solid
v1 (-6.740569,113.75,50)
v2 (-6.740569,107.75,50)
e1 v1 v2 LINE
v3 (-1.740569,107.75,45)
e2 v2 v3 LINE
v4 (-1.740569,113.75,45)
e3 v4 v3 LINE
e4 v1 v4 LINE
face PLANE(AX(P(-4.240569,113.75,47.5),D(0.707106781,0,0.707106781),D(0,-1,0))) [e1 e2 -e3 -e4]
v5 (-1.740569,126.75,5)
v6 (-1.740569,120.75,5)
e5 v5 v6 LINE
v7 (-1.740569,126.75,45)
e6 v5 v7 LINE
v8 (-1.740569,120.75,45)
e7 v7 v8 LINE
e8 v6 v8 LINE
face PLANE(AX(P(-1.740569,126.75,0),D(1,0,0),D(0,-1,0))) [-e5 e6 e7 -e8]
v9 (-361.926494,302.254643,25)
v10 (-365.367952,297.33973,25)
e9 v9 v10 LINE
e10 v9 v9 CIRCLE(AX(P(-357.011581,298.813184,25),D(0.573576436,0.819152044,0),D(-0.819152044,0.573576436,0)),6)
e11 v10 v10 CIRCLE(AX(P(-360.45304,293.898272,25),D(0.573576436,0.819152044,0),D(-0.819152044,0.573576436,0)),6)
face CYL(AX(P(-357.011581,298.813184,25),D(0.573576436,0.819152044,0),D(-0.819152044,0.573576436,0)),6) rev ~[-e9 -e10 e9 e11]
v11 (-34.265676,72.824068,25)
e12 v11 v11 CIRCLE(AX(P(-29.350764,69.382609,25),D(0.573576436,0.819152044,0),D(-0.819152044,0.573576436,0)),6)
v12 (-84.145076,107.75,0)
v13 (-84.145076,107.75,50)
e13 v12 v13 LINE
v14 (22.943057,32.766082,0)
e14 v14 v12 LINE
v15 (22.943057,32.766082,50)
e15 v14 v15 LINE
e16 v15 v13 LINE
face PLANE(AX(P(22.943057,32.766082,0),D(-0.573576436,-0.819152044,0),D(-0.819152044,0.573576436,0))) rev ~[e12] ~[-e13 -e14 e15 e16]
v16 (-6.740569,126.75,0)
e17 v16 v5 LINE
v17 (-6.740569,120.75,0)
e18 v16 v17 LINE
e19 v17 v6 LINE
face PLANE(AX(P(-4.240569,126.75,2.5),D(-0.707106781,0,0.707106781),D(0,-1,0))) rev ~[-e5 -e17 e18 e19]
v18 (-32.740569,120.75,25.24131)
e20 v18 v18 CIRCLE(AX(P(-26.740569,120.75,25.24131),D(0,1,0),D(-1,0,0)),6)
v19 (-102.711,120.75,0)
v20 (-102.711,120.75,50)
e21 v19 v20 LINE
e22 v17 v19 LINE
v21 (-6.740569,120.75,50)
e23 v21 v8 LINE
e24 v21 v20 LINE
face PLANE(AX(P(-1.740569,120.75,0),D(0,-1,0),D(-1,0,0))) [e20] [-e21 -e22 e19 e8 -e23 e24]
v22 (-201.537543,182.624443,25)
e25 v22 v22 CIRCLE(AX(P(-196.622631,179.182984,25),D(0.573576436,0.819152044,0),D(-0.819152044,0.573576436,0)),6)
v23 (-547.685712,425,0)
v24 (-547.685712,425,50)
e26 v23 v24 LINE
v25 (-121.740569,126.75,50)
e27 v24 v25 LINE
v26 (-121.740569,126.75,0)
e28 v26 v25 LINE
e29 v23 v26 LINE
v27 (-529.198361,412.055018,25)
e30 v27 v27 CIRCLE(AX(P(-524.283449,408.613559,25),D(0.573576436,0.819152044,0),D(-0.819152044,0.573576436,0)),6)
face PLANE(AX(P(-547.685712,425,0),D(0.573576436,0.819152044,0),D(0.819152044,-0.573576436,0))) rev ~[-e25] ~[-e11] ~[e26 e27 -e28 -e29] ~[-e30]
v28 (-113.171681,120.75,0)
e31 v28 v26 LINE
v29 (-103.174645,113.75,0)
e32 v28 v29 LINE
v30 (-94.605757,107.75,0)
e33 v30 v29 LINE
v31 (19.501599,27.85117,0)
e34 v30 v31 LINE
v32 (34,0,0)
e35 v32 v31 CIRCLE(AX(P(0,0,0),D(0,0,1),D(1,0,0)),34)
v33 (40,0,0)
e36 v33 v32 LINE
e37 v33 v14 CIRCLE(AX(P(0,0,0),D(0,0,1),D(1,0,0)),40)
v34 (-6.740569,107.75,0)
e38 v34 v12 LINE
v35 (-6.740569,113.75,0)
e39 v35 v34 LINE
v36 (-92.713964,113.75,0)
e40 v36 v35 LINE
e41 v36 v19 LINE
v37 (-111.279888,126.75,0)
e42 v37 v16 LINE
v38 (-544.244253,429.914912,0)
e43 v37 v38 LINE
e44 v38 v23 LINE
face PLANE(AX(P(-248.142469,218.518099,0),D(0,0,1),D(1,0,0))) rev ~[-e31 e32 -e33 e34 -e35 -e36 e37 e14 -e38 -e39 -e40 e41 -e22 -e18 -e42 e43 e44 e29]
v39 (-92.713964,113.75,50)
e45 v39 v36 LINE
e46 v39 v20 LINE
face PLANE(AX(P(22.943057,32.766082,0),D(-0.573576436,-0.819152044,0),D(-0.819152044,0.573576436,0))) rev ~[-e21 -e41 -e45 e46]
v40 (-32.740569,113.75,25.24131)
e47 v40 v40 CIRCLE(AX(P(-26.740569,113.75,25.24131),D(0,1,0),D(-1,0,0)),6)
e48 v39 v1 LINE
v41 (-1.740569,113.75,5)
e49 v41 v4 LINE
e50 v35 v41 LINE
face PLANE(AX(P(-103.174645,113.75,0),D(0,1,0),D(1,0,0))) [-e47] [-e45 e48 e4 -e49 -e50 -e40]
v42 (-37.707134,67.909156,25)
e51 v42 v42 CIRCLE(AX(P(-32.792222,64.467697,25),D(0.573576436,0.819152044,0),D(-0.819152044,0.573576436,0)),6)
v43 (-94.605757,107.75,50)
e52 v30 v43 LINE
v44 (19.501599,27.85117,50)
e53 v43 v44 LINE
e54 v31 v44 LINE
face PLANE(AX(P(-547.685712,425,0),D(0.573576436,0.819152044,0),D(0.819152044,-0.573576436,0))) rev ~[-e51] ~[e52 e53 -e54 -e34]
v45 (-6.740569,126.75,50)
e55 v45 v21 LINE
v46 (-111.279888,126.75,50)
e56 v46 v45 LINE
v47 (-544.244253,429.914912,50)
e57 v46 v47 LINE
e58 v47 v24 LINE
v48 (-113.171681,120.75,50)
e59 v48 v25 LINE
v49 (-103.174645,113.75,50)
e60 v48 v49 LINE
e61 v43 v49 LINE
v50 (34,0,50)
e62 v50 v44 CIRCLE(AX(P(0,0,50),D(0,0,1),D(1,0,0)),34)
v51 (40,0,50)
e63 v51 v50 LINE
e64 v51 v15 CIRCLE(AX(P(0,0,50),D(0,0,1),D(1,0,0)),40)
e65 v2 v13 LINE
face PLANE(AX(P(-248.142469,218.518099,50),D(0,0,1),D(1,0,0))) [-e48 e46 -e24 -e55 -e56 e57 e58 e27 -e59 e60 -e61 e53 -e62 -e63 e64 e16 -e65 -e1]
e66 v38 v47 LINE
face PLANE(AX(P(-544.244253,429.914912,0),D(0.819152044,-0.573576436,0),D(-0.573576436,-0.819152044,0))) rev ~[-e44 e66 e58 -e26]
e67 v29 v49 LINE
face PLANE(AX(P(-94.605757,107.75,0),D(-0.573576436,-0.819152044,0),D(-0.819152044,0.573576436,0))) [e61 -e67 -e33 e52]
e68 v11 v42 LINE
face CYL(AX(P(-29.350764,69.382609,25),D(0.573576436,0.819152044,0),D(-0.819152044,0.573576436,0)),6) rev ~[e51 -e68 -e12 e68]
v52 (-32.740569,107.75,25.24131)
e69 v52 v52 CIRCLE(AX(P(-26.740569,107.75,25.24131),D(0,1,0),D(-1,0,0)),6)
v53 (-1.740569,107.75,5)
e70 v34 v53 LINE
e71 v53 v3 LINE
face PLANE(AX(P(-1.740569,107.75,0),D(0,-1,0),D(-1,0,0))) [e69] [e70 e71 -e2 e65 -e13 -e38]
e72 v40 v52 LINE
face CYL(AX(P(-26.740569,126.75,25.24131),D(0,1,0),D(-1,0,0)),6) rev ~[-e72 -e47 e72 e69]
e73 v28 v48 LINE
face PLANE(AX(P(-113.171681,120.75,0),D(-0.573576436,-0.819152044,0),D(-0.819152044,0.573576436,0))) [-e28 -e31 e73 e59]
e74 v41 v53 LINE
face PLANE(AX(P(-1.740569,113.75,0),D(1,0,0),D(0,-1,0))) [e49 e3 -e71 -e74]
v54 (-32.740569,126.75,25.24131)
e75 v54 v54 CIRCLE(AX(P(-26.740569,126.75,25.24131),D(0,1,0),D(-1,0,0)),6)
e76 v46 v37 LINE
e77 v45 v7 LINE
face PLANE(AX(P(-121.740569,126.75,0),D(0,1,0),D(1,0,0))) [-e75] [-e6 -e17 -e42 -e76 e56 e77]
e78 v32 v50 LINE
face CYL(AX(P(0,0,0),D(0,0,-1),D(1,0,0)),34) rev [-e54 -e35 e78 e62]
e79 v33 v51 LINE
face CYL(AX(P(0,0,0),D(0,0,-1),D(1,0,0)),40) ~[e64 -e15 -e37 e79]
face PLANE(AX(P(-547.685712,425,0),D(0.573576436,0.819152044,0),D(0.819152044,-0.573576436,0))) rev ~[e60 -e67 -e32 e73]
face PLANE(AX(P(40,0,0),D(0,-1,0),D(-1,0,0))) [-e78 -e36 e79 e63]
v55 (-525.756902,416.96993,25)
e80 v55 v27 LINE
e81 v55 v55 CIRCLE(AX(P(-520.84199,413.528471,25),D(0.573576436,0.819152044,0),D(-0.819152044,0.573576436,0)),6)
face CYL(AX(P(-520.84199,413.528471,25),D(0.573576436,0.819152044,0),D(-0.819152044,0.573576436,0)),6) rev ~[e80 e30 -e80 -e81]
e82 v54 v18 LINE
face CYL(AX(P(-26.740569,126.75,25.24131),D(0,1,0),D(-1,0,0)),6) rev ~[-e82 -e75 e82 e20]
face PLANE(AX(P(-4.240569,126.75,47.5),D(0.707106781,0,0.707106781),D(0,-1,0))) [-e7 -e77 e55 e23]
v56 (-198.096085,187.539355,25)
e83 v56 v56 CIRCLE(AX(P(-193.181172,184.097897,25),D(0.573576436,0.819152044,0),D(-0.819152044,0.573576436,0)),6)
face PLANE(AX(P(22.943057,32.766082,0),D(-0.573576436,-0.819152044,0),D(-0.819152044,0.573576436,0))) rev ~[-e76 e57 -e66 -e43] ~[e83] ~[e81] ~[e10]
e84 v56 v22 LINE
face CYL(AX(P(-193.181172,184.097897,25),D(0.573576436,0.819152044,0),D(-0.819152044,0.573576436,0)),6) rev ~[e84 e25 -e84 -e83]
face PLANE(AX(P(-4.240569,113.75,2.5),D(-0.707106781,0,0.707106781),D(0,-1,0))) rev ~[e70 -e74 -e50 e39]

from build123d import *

# Parameters (mm, degrees)
PAD_DEPTH              = 50
PAD001_DEPTH           = 50
SKETCH002_R            = 6
POCKET_DEPTH           = 30
SKETCH015_R            = 6
POCKET005_DEPTH        = 354.1406188228
LINEARPATTERN003_COUNT = 4
LINEARPATTERN003_PITCH = 200
CHAMFER_SIZE           = 5


with BuildPart() as part:
    # Sketch → Pad (new body)
    with BuildSketch(Plane.XY):
        with BuildLine():
            Line((-547.6857118143, 425), (19.5015988359, 27.8511695058))
            ThreePointArc((34, 0), (30.1583683281, 15.69945285), (19.5015988359, 27.8511695058))
            Line((40, 0), (34, 0))
            ThreePointArc((40, 0), (35.4804333271, 18.4699445294), (22.943057454, 32.7660817716))
            Line((22.943057454, 32.7660817716), (-544.2442531962, 429.9149122657))
            Line((-544.2442531962, 429.9149122657), (-547.6857118143, 425))
        make_face()
    extrude(amount=PAD_DEPTH)

    # Sketch001 → Pad001 (join)
    with BuildSketch(Plane.XY):
        Polygon((-94.6057566753, 107.75), (-103.1746447158, 113.75), (-1.7405688034, 113.75), (-1.7405688034, 107.75), align=None)
        Polygon((-113.171680763, 120.75), (-121.7405688034, 126.75), (-1.7405688034, 126.75), (-1.7405688034, 120.75), align=None)
    extrude(amount=PAD001_DEPTH)

    # Sketch002 → Pocket (cut)
    with BuildSketch(Plane(origin=(0, 126.75, 0), x_dir=(-1, 0, 0), z_dir=(0, 1, 0))):
        with Locations((26.7405688034, 25.24131)):
            Circle(SKETCH002_R)
    extrude(amount=-POCKET_DEPTH, mode=Mode.SUBTRACT)

    # Sketch015 (on Face2 of LinearPattern) → Pocket005 (cut, through all)
    with BuildSketch(Plane(origin=(22.943057454, 32.7660817716, 0), x_dir=(-0.8191520443, 0.5735764364, 0), z_dir=(0.5735764364, 0.8191520443, 0))):
        with Locations((663.8389678693, 25)):
            Circle(SKETCH015_R)
    pocket005 = extrude(amount=-POCKET005_DEPTH, mode=Mode.SUBTRACT)

    # LinearPattern003: Pocket005 ×4
    with Locations(*[Vector(0.8191520443, -0.5735764364, 0) * (i * LINEARPATTERN003_PITCH) for i in range(1, LINEARPATTERN003_COUNT)]):
        add(pocket005, mode=Mode.SUBTRACT)

    # Chamfer
    chamfer_edges = [part.edges().sort_by_distance(p)[0] for p in [
        (-1.740569, 123.75, 50),
        (-1.740569, 123.75, 0),
        (-1.740569, 110.75, 0),
        (-1.740569, 110.75, 50),
    ]]
    chamfer(chamfer_edges, length=CHAMFER_SIZE)


solid = part.part
